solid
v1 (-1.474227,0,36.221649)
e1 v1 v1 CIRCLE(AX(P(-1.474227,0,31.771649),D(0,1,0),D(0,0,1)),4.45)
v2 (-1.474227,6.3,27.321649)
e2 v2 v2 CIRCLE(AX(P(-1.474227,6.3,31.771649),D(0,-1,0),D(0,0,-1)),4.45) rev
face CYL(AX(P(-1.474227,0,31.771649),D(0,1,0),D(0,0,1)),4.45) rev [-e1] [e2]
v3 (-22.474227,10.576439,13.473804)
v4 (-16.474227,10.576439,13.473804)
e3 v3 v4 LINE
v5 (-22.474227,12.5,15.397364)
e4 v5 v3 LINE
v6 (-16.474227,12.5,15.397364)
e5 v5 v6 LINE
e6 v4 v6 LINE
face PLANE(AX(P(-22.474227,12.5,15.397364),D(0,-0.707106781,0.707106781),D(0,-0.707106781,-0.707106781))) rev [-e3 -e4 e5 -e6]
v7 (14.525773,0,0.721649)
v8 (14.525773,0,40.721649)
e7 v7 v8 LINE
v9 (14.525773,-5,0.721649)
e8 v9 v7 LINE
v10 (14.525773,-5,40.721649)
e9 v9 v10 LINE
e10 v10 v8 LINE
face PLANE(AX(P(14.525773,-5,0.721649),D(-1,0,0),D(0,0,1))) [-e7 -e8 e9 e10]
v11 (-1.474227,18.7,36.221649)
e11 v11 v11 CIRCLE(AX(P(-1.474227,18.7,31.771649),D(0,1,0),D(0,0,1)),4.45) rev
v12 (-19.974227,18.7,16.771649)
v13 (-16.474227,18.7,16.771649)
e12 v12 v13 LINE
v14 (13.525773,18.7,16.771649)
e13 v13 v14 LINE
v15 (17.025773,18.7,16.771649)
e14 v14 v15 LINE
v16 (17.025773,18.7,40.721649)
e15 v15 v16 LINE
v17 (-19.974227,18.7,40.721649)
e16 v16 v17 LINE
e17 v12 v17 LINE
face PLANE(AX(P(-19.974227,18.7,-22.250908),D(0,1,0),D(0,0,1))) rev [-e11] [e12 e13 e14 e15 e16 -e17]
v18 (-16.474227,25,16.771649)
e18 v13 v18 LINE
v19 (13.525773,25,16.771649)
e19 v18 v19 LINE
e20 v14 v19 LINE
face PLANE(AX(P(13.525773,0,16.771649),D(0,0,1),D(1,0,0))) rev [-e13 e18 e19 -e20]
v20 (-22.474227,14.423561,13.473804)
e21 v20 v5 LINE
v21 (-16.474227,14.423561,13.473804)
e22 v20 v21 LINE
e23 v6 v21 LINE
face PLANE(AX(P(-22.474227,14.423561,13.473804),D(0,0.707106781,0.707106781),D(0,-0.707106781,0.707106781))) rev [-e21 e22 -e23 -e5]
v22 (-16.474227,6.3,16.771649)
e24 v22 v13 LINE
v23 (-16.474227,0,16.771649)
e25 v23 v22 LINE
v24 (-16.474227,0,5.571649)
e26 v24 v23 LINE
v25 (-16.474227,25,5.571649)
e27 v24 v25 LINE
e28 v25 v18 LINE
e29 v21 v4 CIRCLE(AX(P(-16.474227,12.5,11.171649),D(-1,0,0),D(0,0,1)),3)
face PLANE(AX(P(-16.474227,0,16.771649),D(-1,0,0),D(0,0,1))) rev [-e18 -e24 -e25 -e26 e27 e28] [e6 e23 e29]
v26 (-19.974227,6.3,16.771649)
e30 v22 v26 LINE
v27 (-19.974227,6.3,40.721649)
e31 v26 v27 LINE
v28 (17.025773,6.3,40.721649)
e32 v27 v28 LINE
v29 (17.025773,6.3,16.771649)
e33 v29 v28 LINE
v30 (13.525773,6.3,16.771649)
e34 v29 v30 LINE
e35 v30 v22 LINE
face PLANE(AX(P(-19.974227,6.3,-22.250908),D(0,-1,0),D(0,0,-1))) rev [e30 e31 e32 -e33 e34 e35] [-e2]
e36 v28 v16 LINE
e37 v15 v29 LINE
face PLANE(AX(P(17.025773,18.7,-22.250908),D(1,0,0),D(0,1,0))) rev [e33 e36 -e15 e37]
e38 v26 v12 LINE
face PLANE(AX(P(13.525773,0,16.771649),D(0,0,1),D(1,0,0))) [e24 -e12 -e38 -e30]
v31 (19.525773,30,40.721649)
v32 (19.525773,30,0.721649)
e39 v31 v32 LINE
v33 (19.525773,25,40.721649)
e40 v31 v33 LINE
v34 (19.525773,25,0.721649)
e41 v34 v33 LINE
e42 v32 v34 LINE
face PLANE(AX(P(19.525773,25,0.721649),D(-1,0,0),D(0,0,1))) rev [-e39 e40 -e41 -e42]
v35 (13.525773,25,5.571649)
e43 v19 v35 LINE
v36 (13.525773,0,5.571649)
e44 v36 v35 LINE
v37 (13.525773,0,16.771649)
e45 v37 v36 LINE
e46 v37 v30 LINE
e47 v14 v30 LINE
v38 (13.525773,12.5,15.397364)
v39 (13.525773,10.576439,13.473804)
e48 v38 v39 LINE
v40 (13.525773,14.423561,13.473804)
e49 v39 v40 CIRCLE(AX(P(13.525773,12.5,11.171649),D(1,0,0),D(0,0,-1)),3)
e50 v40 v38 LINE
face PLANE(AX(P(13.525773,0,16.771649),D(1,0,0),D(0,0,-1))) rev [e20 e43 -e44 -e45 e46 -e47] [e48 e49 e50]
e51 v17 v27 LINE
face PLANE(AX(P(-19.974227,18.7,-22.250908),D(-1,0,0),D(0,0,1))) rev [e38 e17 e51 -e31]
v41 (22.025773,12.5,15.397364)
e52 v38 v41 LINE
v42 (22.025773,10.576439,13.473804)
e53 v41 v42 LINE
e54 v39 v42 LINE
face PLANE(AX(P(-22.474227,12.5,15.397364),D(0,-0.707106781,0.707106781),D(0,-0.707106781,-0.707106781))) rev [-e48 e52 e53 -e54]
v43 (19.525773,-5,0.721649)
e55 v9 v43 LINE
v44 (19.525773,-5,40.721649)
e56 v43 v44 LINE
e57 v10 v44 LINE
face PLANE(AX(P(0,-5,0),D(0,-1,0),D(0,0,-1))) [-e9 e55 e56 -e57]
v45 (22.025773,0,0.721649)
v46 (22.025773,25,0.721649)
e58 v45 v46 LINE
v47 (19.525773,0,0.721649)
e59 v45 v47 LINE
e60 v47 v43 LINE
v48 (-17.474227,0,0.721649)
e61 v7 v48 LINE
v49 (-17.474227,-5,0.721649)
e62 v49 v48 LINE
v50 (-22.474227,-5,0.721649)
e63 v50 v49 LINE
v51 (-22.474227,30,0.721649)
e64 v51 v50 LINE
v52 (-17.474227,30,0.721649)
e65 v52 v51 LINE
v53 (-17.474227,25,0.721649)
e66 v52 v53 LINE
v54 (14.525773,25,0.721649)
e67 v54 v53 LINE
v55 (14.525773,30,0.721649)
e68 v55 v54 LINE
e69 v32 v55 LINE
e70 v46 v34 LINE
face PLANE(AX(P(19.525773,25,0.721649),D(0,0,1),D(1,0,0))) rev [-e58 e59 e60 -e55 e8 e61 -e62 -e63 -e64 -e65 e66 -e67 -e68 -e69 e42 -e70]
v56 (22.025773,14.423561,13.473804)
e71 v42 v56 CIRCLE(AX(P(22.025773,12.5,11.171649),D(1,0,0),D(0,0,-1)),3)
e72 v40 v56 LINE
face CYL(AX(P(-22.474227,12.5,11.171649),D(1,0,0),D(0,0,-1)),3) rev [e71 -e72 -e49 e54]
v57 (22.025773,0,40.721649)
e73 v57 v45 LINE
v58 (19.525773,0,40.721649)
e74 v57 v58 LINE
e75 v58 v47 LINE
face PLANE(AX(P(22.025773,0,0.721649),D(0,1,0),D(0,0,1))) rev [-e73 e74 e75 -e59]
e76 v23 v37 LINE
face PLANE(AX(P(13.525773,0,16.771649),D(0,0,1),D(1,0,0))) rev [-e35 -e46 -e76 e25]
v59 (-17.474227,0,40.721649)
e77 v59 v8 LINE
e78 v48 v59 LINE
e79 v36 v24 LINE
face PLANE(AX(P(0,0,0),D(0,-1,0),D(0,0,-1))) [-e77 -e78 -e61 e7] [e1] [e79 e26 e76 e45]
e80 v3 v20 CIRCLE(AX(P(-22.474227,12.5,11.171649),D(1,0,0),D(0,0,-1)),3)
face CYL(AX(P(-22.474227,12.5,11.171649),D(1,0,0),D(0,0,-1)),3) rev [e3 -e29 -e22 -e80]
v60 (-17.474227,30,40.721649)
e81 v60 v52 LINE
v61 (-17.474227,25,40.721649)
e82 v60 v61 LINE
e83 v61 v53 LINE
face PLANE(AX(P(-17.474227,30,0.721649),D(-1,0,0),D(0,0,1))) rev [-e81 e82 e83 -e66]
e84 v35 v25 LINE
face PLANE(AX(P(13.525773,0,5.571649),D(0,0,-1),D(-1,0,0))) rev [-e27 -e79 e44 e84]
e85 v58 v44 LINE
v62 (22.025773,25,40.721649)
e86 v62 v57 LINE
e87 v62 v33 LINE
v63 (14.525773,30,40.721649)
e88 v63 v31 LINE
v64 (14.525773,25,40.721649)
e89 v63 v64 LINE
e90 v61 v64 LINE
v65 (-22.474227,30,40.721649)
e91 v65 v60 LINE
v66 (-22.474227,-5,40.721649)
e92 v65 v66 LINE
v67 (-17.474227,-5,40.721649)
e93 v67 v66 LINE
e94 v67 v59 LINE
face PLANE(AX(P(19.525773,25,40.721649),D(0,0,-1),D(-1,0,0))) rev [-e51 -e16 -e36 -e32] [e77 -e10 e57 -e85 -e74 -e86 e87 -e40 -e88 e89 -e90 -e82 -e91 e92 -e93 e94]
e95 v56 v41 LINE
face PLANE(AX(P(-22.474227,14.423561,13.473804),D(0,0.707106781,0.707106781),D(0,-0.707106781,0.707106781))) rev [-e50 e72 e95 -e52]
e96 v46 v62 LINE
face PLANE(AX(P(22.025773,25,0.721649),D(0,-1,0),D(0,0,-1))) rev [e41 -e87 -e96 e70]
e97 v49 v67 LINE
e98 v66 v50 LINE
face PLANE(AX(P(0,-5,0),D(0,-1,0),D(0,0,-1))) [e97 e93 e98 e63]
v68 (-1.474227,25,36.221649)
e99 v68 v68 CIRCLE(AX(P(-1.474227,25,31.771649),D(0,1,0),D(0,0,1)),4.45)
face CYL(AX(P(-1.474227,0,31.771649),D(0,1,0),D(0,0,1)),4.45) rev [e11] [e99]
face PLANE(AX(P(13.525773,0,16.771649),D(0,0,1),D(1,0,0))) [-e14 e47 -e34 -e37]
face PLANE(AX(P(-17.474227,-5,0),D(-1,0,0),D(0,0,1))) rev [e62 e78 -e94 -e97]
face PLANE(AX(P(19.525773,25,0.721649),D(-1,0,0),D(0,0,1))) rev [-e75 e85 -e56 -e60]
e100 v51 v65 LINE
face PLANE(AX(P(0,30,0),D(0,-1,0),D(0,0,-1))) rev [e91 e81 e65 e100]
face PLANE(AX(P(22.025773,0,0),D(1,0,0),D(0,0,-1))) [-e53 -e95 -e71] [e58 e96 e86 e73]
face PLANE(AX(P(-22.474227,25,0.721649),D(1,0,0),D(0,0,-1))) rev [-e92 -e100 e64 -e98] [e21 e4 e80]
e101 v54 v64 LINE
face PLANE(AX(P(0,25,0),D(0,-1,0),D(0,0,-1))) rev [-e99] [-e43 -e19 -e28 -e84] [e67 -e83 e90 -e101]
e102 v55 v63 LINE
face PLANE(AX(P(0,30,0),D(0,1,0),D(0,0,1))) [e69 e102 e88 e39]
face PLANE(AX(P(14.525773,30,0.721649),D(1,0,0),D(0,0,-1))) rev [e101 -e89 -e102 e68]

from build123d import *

# Parameters (mm, degrees)
SKETCH1_W               = 42
SKETCH1_H               = 40
BOSS_EXTRUDE1_DEPTH     = 25
SKETCH2_R               = 4.45
SKETCH2_W               = 30
SKETCH2_H               = 11.2
CUT_EXTRUDE1_DEPTH      = 25
SKETCH5_W               = 37
SKETCH5_H               = 12.4
CUT_EXTRUDE3_DEPTH      = 23.95
SKETCH7_W               = 5
SKETCH7_H               = 40
BOSS_EXTRUDE2_DEPTH     = 5
SKETCH8_W               = 5
SKETCH8_H               = 40
BOSS_EXTRUDE3_DEPTH     = 5
SKETCH10_W              = 40
SKETCH10_H              = 25
BOSS_EXTRUDE4_DEPTH     = 2.5
CUT_EXTRUDE2_DEPTH      = 66.743841816
CUT_EXTRUDE2_DEPTH_BACK = 66.743841816


with BuildPart() as part:
    # Sketch1 → Boss-Extrude1 (new body)
    with BuildSketch(Plane(origin=(0, 0, 0), x_dir=(-1, 0, 0), z_dir=(0, 1, 0))):
        with Locations((1.474226804, 20.721649485)):
            Rectangle(SKETCH1_W, SKETCH1_H)
    extrude(amount=BOSS_EXTRUDE1_DEPTH)

    # Sketch2 → Cut-Extrude1 (cut)
    with BuildSketch(Plane(origin=(0, 25, 0), x_dir=(-1, 0, 0), z_dir=(0, 1, 0))):
        with Locations(Location((1.474226804, 31.771649485, 0), (0, 0, 90))):
            Circle(SKETCH2_R)
        with Locations((1.474226804, 11.171649485)):
            Rectangle(SKETCH2_W, SKETCH2_H)
    extrude(amount=-CUT_EXTRUDE1_DEPTH, mode=Mode.SUBTRACT)

    # Sketch5 → Cut-Extrude3 (cut)
    with BuildSketch(Plane.XY.offset(40.721649485)):
        with Locations((-1.474226804, 12.5)):
            Rectangle(SKETCH5_W, SKETCH5_H)
    extrude(amount=-CUT_EXTRUDE3_DEPTH, mode=Mode.SUBTRACT)

    # Sketch7 → Boss-Extrude2 (add)
    with BuildSketch(Plane(origin=(0, 25, 0), x_dir=(-1, 0, 0), z_dir=(0, 1, 0))):
        with Locations((19.974226804, 20.721649485)):
            Rectangle(SKETCH7_W, SKETCH7_H)
        with Locations((-17.025773196, 20.721649485)):
            Rectangle(SKETCH7_W, SKETCH7_H)
    extrude(amount=BOSS_EXTRUDE2_DEPTH)

    # Sketch8 → Boss-Extrude3 (add)
    with BuildSketch(Plane.XZ):
        with Locations((-19.974226804, 20.721649485)):
            Rectangle(SKETCH8_W, SKETCH8_H)
        with Locations((17.025773196, 20.721649485)):
            Rectangle(SKETCH8_W, SKETCH8_H)
    extrude(amount=BOSS_EXTRUDE3_DEPTH)

    # Sketch10 → Boss-Extrude4 (add)
    with BuildSketch(Plane(origin=(19.525773196, 0, 0), x_dir=(0, 0, -1), z_dir=(1, 0, 0))):
        with Locations((-20.721649485, 12.5)):
            Rectangle(SKETCH10_W, SKETCH10_H)
    extrude(amount=BOSS_EXTRUDE4_DEPTH)

    # Sketch3 → Cut-Extrude2 (cut, two sides: drawn at the far end of the back side and taken through both)
    with BuildSketch(Plane.YZ.offset(19.525773196).offset(-CUT_EXTRUDE2_DEPTH_BACK)):
        with BuildLine():
            Line((14.423560576, 13.473803847), (12.5, 15.397364423))
            Line((12.5, 15.397364423), (10.576439424, 13.473803847))
            ThreePointArc((10.576439424, 13.473803847), (12.5, 8.171649485), (14.423560576, 13.473803847))
        make_face()
    extrude(amount=CUT_EXTRUDE2_DEPTH + CUT_EXTRUDE2_DEPTH_BACK, mode=Mode.SUBTRACT)


solid = part.part
